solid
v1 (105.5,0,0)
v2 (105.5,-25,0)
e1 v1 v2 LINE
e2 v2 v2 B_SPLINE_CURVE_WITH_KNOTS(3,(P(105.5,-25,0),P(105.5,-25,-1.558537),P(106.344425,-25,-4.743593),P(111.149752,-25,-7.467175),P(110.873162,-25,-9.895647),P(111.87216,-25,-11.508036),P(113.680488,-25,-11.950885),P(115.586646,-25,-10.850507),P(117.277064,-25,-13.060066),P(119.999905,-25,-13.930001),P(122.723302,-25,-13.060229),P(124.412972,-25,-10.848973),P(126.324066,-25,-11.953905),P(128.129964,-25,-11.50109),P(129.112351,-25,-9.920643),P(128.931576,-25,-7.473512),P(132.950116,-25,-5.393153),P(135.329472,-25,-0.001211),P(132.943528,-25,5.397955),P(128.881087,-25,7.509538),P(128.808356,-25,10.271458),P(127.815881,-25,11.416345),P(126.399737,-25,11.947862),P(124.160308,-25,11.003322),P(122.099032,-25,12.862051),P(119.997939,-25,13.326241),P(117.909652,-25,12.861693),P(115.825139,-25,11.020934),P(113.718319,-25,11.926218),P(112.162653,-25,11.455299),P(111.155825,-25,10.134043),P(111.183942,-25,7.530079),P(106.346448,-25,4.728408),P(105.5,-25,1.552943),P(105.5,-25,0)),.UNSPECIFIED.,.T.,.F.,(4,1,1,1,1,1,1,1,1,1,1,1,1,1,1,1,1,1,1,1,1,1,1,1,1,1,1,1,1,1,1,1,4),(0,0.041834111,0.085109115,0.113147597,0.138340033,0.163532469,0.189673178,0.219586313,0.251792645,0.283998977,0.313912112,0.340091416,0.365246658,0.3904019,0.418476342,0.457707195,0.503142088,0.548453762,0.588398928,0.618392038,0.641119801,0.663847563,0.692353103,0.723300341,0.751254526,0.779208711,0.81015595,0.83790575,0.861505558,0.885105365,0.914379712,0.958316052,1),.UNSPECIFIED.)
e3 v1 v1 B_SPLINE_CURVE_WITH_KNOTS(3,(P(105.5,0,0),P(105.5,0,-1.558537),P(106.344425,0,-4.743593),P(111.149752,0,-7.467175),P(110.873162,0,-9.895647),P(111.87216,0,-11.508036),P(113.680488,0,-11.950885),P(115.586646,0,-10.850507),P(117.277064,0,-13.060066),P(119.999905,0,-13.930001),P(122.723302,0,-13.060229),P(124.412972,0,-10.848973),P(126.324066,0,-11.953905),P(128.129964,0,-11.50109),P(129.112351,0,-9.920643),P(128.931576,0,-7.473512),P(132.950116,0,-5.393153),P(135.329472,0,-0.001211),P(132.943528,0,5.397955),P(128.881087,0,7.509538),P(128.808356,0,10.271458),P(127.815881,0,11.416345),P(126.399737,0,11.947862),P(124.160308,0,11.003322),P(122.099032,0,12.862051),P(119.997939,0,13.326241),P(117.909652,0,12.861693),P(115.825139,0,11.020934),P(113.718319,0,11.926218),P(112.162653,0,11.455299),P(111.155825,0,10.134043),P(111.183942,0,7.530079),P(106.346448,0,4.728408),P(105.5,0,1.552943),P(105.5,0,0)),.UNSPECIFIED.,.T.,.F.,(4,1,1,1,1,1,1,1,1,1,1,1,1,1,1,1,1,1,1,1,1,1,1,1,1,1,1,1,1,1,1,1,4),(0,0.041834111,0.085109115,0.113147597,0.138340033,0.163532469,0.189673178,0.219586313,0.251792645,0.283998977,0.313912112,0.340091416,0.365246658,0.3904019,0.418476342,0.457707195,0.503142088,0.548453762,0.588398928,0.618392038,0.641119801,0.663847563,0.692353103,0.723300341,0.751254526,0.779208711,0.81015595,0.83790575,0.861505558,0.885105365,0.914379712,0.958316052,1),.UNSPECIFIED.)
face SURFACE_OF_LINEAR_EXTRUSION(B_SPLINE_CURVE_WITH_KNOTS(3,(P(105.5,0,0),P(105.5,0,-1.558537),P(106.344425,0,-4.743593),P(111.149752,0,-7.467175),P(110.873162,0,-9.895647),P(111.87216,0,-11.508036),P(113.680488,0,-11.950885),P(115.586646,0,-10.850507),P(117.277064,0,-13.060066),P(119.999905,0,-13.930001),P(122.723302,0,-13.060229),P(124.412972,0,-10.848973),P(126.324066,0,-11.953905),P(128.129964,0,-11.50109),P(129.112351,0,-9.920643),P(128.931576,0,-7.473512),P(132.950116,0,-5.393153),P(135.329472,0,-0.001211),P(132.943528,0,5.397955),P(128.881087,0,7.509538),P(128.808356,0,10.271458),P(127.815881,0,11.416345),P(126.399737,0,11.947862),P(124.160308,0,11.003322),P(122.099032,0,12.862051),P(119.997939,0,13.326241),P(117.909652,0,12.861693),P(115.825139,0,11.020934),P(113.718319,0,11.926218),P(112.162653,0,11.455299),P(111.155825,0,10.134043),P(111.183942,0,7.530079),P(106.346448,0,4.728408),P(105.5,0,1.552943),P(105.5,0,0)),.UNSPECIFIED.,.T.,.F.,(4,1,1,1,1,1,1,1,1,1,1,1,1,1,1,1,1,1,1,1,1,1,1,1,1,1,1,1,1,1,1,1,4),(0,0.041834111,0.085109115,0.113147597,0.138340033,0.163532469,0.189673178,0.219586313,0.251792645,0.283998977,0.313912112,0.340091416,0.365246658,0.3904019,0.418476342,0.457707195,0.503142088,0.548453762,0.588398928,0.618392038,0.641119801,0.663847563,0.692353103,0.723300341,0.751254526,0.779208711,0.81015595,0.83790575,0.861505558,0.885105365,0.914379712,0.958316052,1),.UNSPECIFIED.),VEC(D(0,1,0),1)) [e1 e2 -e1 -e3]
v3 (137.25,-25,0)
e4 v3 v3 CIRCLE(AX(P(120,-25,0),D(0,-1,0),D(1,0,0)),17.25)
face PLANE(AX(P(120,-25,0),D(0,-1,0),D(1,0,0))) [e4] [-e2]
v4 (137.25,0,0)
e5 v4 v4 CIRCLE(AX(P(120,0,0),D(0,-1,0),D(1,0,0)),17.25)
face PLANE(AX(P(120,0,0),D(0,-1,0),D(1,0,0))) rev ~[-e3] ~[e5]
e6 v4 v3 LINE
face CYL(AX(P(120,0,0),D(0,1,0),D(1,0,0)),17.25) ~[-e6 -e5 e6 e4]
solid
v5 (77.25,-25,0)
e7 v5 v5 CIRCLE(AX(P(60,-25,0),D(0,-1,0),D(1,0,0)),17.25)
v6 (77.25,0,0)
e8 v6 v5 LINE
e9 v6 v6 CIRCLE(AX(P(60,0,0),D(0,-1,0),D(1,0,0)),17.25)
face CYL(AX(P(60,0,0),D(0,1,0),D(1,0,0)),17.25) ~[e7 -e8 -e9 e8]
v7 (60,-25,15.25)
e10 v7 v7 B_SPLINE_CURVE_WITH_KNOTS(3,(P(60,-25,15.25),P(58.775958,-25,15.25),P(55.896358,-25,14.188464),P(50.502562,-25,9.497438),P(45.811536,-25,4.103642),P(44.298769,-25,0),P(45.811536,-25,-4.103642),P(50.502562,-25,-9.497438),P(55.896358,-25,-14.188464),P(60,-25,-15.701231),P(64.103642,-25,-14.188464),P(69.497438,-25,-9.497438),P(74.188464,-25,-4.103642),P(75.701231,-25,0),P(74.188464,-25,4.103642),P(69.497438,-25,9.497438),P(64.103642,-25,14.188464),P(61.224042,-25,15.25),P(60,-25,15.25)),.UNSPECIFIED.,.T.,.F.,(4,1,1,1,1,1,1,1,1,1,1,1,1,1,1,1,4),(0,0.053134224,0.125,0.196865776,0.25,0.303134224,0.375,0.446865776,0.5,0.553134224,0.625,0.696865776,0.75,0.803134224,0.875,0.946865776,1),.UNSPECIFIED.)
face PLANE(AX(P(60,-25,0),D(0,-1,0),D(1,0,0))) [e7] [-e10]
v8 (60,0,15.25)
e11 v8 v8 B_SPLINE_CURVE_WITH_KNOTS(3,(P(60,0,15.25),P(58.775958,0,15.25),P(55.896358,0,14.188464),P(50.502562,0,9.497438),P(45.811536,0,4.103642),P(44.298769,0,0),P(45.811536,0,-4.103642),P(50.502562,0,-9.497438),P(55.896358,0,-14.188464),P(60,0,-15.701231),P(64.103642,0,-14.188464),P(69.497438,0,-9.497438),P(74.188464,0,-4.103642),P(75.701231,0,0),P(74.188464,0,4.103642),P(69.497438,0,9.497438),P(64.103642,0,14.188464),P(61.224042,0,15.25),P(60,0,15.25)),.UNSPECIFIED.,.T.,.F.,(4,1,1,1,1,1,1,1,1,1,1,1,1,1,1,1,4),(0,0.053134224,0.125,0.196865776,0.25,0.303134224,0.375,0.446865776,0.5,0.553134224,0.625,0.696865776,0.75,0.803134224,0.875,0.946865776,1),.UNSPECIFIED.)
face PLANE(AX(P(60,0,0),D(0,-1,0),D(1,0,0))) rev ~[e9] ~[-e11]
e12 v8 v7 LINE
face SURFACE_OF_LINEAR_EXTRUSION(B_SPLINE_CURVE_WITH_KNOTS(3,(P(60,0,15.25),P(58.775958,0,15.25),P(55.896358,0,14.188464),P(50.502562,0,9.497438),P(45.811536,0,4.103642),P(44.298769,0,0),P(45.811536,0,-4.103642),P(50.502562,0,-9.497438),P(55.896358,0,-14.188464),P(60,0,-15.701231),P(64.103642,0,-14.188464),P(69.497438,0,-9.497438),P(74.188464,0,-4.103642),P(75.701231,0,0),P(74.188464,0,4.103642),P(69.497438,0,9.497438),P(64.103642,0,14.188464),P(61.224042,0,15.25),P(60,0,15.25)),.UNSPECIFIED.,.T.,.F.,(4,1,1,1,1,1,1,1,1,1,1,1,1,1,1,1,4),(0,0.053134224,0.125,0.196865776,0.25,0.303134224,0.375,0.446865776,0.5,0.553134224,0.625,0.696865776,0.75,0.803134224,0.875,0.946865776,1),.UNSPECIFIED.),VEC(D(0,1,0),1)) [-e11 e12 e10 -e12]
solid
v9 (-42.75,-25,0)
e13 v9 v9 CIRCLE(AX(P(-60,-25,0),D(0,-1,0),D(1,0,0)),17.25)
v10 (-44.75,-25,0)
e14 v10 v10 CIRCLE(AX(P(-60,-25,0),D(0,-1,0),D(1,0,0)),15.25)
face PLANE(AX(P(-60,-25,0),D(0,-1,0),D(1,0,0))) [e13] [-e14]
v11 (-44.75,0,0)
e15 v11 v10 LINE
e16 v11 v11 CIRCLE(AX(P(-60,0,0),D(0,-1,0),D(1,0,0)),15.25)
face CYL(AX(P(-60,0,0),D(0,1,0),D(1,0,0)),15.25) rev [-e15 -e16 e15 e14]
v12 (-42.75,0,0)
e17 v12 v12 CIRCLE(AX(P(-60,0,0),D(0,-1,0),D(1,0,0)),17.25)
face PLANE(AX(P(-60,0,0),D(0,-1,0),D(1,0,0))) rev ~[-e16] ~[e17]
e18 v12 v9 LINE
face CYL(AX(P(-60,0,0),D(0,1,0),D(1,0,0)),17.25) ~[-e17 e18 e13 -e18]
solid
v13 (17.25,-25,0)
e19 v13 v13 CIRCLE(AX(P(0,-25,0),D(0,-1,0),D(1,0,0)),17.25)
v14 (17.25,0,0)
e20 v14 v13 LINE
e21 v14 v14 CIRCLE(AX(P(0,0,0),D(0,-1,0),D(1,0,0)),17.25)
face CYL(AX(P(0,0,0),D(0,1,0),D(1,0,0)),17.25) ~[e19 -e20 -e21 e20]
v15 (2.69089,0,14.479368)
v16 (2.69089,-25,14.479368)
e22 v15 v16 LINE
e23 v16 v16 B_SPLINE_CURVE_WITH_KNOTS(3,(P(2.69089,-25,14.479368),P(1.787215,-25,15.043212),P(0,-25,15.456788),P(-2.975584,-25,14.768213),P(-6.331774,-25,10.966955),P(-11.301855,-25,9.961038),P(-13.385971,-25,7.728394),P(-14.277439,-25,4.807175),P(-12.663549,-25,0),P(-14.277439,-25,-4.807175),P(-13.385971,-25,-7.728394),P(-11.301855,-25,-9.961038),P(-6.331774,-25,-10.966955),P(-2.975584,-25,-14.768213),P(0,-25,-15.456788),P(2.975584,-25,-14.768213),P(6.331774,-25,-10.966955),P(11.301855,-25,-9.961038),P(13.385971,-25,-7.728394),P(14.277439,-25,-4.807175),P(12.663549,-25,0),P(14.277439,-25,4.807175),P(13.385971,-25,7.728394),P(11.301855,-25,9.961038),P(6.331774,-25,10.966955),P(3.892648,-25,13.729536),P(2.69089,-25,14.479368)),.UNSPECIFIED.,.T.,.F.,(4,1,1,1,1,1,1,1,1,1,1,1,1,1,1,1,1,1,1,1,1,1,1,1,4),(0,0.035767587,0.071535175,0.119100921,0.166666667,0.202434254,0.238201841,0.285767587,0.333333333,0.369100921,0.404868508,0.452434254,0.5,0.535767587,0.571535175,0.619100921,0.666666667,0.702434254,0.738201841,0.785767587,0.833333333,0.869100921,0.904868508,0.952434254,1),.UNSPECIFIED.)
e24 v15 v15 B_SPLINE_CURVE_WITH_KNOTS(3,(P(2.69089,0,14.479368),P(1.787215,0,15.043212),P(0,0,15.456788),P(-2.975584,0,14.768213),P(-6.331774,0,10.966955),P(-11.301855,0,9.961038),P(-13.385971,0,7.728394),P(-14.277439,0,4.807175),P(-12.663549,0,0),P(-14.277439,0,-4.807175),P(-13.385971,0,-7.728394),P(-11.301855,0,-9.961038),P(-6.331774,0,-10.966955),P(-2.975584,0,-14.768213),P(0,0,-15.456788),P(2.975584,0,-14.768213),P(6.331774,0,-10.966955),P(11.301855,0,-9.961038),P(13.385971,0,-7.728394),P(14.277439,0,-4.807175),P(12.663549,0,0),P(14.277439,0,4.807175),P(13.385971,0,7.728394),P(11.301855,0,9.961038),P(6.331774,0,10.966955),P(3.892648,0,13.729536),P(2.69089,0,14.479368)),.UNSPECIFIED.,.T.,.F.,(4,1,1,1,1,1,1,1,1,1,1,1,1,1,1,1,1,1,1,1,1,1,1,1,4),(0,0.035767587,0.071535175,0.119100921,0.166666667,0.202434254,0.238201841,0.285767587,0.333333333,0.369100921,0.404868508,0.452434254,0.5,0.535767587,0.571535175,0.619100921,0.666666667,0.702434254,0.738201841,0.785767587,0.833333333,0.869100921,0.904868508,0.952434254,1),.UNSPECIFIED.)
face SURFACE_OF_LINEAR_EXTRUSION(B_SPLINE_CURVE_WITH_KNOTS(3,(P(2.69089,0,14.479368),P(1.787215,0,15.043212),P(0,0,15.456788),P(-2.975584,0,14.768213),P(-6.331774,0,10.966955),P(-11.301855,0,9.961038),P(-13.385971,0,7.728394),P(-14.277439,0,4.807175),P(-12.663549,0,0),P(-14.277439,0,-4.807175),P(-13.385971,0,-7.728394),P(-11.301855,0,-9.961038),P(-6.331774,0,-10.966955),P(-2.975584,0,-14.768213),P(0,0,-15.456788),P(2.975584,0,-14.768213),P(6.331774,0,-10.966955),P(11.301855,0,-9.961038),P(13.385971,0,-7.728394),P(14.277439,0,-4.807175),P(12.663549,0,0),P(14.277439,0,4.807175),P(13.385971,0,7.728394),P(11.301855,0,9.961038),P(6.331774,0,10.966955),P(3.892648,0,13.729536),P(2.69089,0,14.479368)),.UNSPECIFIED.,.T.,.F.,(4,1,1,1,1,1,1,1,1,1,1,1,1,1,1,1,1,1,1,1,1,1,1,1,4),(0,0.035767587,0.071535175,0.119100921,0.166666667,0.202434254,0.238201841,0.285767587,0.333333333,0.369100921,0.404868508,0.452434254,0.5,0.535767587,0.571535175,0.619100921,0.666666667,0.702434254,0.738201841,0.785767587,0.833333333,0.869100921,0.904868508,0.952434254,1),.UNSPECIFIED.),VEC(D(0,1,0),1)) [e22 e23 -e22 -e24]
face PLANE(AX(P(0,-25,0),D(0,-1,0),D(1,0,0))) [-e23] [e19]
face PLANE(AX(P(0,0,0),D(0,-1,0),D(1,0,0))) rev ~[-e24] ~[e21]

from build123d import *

# Parameters (mm, degrees)
F0_R     = 17.25
F1_DEPTH = 25
F0_R_2   = 15.25


with BuildPart() as f1:
    # F0 (on Front) → F1 (new body)
    with BuildSketch(Plane.XZ):
        with Locations((60, 0)):
            Circle(F0_R)
        with BuildLine():
            add(Edge.make_bspline(
                [(60, 15.25), (58.7759575884, 15.25), (55.8963577881, 14.1884640958), (50.5025623878, 9.4974376122), (45.8115359042, 4.1036422119), (44.298768906, 0), (45.8115359042, -4.1036422119), (50.5025623878, -9.4974376122), (55.8963577881, -14.1884640958), (60, -15.701231094), (64.1036422119, -14.1884640958), (69.4974376122, -9.4974376122), (74.1884640958, -4.1036422119), (75.701231094, 0), (74.1884640958, 4.1036422119), (69.4974376122, 9.4974376122), (64.1036422119, 14.1884640958), (61.2240424116, 15.25), (60, 15.25)],
                knots=[0, 0, 0, 0, 0.0531342242, 0.125, 0.1968657758, 0.25, 0.3031342242, 0.375, 0.4468657758, 0.5, 0.5531342242, 0.625, 0.6968657758, 0.75, 0.8031342242, 0.875, 0.9468657758, 1, 1, 1, 1], degree=3))
        make_face(mode=Mode.SUBTRACT)
    extrude(amount=F1_DEPTH)


with BuildPart() as f1b:
    # F0 (on Front) → F1, piece 2 (new body)
    with BuildSketch(Plane.XZ):
        Circle(F0_R)
        with BuildLine():
            add(Edge.make_bspline(
                [(2.690890027, 14.4793675188), (1.7872147977, 15.0432115566), (0, 15.4567884434), (-2.9755840917, 14.7682126736), (-6.3317744739, 10.9669550908), (-11.301855298, 9.9610377514), (-13.3859714529, 7.7283942217), (-14.2774393898, 4.8071749222), (-12.6635489478, 0), (-14.2774393897, -4.8071749223), (-13.3859714529, -7.7283942217), (-11.301855298, -9.9610377514), (-6.3317744739, -10.9669550908), (-2.9755840917, -14.7682126736), (0, -15.4567884434), (2.9755840917, -14.7682126736), (6.3317744739, -10.9669550908), (11.301855298, -9.9610377514), (13.3859714529, -7.7283942217), (14.2774393897, -4.8071749223), (12.6635489478, 0), (14.2774393898, 4.8071749222), (13.3859714529, 7.7283942217), (11.301855298, 9.9610377514), (6.3317744739, 10.9669550909), (3.8926480873, 13.7295360582), (2.690890027, 14.4793675188)],
                knots=[0, 0, 0, 0, 0.0357675874, 0.0715351747, 0.1191009207, 0.1666666667, 0.202434254, 0.2382018414, 0.2857675874, 0.3333333333, 0.3691009207, 0.404868508, 0.452434254, 0.5, 0.5357675874, 0.5715351747, 0.6191009207, 0.6666666667, 0.702434254, 0.7382018414, 0.7857675874, 0.8333333333, 0.8691009207, 0.904868508, 0.952434254, 1, 1, 1, 1], degree=3))
        make_face(mode=Mode.SUBTRACT)
    extrude(amount=F1_DEPTH)


with BuildPart() as f1c:
    # F0 (on Front) → F1, piece 3 (new body)
    with BuildSketch(Plane.XZ):
        with Locations((-60, 0)):
            Circle(F0_R)
        with Locations((-60, 0)):
            Circle(F0_R_2, mode=Mode.SUBTRACT)
    extrude(amount=F1_DEPTH)


with BuildPart() as f1d:
    # F0 (on Front) → F1, piece 4 (new body)
    with BuildSketch(Plane.XZ):
        with Locations((120, 0)):
            Circle(F0_R)
        with BuildLine():
            add(Edge.make_bspline(
                [(105.5, 0), (105.5, -1.5585373599), (106.3444254978, -4.7435925207), (111.149752088, -7.4671746198), (110.8731620411, -9.8956468764), (111.8721595957, -11.5080358721), (113.6804883136, -11.9508851317), (115.5866455927, -10.8505065232), (117.2770640308, -13.0600661875), (119.9999050801, -13.9300007184), (122.7233021315, -13.0602292925), (124.4129724722, -10.8489725977), (126.324065694, -11.9539047189), (128.1299641031, -11.5010896893), (129.1123509232, -9.9206429059), (128.9315755344, -7.473511814), (132.9501160345, -5.3931533807), (135.3294716699, -0.0012110379), (132.9435281346, 5.397954553), (128.8810867446, 7.5095381354), (128.8083557022, 10.2714581449), (127.8158805995, 11.4163446466), (126.3997373488, 11.9478615634), (124.1603075379, 11.0033220206), (122.0990319108, 12.8620510559), (119.9979394002, 13.3262410877), (117.9096517451, 12.8616934077), (115.8251385859, 11.020933973), (113.718319332, 11.9262180808), (112.1626530134, 11.4552994344), (111.1558251843, 10.1340428222), (111.183941861, 7.5300789), (106.3464479513, 4.7284084604), (105.5, 1.5529430381), (105.5, 0)],
                knots=[0, 0, 0, 0, 0.0418341105, 0.0851091151, 0.1131475967, 0.1383400331, 0.1635324695, 0.1896731777, 0.2195863132, 0.2517926449, 0.2839989766, 0.3139121121, 0.3400914161, 0.3652466581, 0.3904019002, 0.4184763423, 0.4577071946, 0.5031420879, 0.5484537622, 0.5883989275, 0.6183920377, 0.6411198006, 0.6638475635, 0.6923531031, 0.7233003414, 0.7512545263, 0.7792087112, 0.8101559495, 0.8379057503, 0.8615055577, 0.885105365, 0.9143797117, 0.9583160517, 1, 1, 1, 1], degree=3))
        make_face(mode=Mode.SUBTRACT)
    extrude(amount=F1_DEPTH)


solid = Compound([f1.part, f1b.part, f1c.part, f1d.part])
